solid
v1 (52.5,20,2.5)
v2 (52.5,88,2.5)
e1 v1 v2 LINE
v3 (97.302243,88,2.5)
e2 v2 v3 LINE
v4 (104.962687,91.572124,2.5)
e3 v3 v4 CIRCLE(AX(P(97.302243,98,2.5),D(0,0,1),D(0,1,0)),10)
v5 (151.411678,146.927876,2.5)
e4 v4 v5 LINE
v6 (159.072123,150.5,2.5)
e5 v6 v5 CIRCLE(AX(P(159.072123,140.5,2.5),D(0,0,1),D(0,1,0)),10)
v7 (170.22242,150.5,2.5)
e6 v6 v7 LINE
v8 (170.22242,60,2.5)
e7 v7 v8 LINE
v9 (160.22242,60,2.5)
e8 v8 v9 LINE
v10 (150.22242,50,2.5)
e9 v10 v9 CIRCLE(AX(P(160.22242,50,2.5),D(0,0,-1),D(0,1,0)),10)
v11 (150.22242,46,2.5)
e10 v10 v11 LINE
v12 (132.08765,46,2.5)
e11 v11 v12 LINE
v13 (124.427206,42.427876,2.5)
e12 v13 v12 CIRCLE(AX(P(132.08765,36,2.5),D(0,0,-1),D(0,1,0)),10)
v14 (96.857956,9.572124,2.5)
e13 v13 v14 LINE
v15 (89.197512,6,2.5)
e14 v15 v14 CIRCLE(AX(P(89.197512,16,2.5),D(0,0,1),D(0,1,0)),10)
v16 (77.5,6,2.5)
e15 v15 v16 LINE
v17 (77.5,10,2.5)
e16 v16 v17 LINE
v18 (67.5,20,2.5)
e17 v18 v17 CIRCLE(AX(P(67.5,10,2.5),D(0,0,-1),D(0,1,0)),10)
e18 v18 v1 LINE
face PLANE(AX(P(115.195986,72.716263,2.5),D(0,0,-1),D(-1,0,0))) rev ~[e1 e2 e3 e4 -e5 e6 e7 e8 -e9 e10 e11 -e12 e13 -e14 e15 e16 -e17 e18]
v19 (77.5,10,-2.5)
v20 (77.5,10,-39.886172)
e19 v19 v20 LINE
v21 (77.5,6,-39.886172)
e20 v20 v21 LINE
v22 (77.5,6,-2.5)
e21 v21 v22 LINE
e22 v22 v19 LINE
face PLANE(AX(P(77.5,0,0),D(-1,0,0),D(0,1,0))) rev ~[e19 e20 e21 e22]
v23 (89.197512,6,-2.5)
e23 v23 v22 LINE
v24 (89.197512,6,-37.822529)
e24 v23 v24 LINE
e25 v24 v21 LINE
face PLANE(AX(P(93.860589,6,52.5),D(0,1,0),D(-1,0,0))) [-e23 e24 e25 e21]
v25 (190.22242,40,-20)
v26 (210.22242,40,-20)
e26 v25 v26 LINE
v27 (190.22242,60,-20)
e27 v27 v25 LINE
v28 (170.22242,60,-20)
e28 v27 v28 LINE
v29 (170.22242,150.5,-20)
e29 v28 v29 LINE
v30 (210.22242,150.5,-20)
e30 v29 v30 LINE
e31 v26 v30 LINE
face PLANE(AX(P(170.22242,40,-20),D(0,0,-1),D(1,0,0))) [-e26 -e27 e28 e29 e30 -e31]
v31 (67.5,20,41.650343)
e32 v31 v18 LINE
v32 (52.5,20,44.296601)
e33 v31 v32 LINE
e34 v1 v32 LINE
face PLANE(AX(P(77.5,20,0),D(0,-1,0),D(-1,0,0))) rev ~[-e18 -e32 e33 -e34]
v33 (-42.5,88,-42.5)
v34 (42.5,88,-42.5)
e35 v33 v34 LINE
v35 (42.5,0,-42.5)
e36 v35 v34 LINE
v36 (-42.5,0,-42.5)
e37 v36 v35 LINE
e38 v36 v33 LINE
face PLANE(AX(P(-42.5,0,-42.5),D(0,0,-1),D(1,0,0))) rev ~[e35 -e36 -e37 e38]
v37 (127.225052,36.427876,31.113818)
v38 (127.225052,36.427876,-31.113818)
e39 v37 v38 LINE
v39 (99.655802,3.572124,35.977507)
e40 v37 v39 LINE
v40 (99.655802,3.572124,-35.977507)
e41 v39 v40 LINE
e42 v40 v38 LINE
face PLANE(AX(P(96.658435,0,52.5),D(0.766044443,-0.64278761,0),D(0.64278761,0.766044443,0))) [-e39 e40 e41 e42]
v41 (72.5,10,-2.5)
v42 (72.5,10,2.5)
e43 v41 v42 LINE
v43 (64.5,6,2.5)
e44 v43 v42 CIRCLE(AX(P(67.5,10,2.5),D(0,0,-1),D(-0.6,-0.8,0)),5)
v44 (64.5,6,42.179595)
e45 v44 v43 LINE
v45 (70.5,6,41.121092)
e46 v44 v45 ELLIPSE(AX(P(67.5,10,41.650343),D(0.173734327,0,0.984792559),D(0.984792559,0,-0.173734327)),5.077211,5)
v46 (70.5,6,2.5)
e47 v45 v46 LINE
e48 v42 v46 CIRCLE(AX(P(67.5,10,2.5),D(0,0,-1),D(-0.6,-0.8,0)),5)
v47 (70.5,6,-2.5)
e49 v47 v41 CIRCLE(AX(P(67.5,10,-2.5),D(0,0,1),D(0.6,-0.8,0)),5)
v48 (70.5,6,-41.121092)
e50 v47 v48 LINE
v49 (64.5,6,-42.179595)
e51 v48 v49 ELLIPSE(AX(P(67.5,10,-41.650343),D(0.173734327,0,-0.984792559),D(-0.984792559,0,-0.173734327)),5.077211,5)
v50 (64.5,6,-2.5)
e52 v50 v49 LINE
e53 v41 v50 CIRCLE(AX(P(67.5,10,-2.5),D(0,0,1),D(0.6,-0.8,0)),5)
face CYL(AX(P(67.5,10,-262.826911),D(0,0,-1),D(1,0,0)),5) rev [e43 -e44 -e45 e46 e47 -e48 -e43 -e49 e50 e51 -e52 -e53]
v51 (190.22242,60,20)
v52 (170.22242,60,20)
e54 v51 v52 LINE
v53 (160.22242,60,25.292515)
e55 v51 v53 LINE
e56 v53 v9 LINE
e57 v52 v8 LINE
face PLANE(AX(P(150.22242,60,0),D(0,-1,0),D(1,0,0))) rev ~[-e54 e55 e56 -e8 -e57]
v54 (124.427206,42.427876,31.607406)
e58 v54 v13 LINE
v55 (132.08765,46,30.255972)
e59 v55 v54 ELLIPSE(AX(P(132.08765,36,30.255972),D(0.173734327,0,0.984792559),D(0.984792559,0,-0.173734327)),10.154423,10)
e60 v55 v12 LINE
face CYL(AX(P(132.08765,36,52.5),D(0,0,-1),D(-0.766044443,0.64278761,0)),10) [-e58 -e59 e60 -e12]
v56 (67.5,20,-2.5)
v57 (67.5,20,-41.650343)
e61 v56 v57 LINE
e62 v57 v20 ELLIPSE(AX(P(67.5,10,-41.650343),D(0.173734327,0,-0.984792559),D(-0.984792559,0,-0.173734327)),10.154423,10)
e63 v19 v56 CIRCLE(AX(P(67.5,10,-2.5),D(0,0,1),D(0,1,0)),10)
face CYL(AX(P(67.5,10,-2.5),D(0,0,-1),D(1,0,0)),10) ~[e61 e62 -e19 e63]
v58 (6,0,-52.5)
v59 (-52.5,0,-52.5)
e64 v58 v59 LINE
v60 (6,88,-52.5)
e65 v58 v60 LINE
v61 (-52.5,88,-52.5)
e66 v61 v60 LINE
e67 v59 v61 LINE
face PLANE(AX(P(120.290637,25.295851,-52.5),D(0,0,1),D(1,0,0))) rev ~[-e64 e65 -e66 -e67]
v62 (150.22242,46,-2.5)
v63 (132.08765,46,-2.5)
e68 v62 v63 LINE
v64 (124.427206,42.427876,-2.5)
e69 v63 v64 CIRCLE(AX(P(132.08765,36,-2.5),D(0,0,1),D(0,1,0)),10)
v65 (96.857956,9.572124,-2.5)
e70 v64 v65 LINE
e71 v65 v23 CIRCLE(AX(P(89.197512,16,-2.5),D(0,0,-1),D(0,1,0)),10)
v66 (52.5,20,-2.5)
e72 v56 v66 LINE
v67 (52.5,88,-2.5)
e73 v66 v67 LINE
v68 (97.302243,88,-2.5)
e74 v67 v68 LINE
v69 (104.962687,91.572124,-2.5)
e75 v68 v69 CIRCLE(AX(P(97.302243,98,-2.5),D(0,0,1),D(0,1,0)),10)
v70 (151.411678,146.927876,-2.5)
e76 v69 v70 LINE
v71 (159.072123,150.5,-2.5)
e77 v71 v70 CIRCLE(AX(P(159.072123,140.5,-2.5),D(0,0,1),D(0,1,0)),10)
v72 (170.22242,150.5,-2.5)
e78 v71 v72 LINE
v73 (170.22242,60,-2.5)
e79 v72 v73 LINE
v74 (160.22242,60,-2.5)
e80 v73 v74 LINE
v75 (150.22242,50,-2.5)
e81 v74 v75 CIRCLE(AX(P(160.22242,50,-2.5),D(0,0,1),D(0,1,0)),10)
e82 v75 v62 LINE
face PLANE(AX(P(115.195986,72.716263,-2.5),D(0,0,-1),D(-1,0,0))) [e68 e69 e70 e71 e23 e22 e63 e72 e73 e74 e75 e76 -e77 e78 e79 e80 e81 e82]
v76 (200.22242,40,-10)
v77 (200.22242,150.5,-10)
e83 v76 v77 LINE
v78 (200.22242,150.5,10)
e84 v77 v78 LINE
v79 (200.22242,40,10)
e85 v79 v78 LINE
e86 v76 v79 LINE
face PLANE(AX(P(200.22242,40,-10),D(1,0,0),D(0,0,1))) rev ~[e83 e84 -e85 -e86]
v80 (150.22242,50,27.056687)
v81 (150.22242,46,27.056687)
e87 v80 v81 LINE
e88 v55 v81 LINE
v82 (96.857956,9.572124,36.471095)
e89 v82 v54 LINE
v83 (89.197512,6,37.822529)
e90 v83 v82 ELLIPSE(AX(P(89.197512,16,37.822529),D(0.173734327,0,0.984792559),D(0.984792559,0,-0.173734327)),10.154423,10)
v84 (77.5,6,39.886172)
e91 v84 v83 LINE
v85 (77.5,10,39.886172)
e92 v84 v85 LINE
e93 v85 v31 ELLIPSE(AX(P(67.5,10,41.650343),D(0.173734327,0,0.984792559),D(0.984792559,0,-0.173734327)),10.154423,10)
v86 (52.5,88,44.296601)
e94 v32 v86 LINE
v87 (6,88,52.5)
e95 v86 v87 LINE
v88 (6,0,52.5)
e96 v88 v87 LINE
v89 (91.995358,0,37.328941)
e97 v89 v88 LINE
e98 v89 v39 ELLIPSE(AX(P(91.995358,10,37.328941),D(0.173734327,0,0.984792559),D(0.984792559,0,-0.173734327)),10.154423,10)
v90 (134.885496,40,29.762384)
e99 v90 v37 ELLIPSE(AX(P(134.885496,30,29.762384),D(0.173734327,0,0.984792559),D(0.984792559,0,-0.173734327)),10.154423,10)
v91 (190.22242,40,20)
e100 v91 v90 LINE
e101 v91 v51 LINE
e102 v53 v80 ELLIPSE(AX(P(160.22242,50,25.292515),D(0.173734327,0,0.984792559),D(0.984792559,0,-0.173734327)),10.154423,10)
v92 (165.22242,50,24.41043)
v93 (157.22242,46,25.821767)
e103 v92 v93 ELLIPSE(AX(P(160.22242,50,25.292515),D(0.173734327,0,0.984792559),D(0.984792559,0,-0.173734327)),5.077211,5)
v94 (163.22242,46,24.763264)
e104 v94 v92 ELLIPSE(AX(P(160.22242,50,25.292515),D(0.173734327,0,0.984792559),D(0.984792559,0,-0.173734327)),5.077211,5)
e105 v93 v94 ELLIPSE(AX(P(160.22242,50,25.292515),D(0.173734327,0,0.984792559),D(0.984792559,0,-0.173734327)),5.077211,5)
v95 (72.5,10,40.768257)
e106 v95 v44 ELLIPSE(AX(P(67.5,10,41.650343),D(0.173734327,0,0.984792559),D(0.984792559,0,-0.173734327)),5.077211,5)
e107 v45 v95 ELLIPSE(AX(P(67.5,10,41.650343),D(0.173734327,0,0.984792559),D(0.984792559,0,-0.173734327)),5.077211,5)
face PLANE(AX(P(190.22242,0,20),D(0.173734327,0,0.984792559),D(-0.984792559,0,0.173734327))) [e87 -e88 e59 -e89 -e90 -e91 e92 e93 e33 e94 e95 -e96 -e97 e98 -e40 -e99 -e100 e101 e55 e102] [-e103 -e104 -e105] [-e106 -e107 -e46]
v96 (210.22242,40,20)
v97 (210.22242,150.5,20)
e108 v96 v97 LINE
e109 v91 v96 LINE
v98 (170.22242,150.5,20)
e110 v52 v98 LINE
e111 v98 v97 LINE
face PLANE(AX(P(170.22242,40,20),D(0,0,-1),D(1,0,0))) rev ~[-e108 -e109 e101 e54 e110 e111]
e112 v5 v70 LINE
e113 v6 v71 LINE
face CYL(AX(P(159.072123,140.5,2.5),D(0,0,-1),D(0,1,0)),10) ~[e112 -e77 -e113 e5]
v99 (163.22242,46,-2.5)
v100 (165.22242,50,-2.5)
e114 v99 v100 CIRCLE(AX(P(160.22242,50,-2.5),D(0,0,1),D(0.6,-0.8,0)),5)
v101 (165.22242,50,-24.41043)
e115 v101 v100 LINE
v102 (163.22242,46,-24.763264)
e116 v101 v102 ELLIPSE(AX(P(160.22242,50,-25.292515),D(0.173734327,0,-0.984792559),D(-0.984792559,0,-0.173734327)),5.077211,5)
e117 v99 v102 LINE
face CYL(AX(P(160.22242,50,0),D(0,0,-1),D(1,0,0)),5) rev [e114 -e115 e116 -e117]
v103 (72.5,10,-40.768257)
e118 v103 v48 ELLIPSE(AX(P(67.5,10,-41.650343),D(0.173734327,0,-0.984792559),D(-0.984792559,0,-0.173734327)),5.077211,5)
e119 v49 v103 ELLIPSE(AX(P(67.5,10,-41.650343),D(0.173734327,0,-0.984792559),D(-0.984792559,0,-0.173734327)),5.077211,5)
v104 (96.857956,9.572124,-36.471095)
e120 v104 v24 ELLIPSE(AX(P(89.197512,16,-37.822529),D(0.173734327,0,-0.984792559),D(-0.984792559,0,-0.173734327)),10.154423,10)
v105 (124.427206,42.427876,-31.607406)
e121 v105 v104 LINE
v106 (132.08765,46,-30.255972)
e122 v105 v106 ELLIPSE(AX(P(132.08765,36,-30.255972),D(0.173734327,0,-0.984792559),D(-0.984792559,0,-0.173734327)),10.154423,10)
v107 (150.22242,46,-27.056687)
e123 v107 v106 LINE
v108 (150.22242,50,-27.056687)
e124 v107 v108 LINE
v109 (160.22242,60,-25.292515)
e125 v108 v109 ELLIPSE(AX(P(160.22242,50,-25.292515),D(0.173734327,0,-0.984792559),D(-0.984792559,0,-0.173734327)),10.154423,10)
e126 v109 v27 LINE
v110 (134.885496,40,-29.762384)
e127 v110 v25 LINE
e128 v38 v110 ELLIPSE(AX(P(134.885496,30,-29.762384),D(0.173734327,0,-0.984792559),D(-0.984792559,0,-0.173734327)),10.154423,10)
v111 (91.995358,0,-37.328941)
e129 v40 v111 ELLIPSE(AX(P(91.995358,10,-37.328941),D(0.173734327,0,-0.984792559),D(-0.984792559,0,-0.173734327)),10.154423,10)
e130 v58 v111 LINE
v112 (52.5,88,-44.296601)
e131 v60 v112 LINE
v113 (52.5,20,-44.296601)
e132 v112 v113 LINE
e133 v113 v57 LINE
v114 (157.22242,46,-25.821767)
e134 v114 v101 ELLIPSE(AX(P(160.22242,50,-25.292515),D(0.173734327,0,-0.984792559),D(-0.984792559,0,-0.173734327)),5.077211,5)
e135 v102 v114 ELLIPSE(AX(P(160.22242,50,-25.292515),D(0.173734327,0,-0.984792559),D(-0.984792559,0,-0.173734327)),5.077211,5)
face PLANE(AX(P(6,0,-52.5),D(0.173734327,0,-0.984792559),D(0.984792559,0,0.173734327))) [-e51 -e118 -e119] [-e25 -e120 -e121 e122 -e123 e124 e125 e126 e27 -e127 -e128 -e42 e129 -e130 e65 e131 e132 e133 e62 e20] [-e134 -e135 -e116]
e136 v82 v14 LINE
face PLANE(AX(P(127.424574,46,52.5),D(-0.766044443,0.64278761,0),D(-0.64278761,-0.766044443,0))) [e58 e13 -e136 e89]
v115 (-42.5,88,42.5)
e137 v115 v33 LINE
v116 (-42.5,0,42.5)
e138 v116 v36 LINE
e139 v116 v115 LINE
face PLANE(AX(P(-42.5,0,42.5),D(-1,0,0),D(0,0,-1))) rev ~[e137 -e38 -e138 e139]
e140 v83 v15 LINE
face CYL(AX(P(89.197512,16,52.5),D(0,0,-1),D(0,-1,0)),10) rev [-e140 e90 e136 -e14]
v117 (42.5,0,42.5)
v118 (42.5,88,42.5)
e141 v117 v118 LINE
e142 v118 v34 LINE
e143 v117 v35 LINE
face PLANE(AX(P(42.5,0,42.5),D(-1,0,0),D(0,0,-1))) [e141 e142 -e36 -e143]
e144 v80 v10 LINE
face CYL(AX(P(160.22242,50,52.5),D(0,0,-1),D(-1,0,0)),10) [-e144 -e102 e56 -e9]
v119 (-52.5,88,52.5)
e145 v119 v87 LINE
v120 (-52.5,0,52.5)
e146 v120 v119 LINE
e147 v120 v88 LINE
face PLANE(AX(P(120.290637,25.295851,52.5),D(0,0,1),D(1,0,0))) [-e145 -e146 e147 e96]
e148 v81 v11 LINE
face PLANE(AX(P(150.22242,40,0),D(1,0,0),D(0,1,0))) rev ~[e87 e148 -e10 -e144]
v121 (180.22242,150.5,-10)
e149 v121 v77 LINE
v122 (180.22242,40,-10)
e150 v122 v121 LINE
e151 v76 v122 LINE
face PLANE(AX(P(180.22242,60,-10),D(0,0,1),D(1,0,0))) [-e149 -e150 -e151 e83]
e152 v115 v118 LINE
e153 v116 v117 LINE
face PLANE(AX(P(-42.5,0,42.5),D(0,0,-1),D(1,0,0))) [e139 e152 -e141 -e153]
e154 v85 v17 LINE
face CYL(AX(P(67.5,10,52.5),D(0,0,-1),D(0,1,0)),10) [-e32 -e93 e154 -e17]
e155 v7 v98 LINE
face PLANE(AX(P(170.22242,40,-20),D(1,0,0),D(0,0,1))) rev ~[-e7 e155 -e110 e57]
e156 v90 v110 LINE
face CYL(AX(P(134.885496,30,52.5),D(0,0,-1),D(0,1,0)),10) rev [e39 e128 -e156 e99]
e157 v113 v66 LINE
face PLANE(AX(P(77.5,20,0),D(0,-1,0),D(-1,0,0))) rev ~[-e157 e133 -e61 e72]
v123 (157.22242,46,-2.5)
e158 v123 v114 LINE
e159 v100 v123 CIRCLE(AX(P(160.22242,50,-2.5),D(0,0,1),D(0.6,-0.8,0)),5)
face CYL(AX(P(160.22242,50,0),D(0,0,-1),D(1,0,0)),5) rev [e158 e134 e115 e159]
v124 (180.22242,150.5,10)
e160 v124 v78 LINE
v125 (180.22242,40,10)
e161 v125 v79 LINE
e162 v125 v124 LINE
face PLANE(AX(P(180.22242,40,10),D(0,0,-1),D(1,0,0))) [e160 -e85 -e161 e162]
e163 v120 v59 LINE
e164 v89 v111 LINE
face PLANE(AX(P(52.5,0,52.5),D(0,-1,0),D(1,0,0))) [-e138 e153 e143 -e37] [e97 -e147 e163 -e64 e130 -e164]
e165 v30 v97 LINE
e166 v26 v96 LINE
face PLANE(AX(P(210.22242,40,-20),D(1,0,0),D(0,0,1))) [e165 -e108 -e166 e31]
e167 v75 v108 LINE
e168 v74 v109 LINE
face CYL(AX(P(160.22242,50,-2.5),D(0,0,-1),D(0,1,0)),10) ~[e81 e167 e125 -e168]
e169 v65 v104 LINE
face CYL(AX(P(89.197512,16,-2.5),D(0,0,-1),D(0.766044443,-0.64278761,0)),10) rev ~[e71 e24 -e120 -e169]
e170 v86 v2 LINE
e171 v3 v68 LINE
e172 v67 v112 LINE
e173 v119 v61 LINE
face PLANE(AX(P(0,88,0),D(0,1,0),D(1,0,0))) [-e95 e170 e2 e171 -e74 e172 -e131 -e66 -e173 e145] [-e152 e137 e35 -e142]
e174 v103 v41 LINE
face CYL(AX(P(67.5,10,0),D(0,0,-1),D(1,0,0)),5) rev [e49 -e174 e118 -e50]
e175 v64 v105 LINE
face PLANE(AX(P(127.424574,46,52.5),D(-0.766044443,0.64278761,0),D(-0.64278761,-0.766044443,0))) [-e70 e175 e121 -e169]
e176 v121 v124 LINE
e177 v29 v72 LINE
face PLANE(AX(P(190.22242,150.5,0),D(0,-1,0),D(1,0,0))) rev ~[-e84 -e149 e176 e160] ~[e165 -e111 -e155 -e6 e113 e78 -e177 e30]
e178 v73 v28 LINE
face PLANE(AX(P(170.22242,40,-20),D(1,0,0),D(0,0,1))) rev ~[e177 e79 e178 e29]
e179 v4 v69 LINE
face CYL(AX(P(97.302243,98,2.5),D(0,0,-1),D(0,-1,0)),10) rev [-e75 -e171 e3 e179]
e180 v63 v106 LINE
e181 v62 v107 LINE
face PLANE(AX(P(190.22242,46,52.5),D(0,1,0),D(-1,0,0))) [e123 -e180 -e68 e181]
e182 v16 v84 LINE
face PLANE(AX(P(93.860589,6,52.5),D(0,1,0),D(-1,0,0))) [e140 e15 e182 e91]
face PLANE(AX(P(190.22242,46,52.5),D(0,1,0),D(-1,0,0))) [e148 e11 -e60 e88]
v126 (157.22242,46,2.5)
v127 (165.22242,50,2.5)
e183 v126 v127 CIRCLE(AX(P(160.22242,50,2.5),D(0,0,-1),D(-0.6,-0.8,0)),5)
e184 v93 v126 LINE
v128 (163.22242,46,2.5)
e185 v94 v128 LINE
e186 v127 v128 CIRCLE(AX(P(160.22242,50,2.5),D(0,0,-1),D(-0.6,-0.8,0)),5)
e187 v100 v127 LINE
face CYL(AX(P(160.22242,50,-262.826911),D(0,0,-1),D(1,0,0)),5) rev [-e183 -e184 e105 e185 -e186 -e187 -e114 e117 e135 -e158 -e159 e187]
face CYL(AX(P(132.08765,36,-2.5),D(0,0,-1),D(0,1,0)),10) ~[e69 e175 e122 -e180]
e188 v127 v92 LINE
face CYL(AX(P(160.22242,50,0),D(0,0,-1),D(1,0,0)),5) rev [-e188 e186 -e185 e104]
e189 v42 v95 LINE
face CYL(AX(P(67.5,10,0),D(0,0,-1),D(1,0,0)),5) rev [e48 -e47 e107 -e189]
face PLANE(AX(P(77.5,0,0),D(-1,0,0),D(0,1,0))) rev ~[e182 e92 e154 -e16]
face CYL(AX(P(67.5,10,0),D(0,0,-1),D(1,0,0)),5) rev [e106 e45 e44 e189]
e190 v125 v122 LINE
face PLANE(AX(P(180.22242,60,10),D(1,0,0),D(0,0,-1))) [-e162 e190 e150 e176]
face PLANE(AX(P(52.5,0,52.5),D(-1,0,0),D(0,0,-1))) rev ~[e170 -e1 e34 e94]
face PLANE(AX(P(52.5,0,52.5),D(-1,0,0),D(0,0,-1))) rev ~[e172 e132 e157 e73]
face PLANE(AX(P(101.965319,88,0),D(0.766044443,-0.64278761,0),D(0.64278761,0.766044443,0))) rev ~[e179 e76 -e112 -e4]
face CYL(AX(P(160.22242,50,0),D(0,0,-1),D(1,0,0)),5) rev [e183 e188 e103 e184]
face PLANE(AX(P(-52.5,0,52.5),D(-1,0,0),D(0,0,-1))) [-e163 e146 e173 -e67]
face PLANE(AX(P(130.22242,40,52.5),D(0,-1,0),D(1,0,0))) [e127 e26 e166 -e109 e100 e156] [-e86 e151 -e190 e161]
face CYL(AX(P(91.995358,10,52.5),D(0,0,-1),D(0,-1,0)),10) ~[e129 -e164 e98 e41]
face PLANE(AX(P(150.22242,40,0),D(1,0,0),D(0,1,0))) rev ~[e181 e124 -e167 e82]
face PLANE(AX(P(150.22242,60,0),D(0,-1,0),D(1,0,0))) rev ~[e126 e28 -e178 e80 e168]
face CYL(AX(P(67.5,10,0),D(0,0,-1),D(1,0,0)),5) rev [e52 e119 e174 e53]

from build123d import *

# Parameters (mm, degrees)
ESQUISSE1_W                   = 105
ESQUISSE1_H                   = 105
ESQUISSE1_W_2                 = 85
ESQUISSE1_H_2                 = 85
BOSS_EXTRU_3_DEPTH            = 88
BOSS_EXTRU_4_DEPTH            = 105
ESQUISSE7_W                   = 40
ESQUISSE7_H                   = 40
ESQUISSE7_W_2                 = 20
ESQUISSE7_H_2                 = 20
BOSS_EXTRU_11_DEPTH           = 110.5
ENL_V_MAT_EXTRU_9_REACH       = 242.562
ESQUISSE13_W                  = 10
ESQUISSE13_H                  = 20
BOSS_EXTRU_12_DEPTH           = 2.5
ESQUISSE17_R                  = 5
ESQUISSE17_W                  = 40
ESQUISSE17_H                  = 20
BOSS_EXTRU_13_DEPTH           = 52.5
ENL_V_MAT_EXTRU_12_DEPTH      = 265.326910813
ENL_V_MAT_EXTRU_12_DEPTH_BACK = 265.326910813
ESQUISSE18_R                  = 5
ENL_V_MAT_EXTRU_13_REACH      = 236.819
ESQUISSE19_W                  = 10
ESQUISSE19_H                  = 20
CONG_1_R                      = 10
ENL_V_MAT_EXTRU_15_DEPTH      = 88


with BuildPart() as part:
    # Esquisse1 → Boss.-Extru.3 (new body)
    with BuildSketch(Plane(origin=(0, 0, 0), x_dir=(1, 0, 0), z_dir=(0, 1, 0))):
        Rectangle(ESQUISSE1_W, ESQUISSE1_H)
        Rectangle(ESQUISSE1_W_2, ESQUISSE1_H_2, mode=Mode.SUBTRACT)
    extrude(amount=BOSS_EXTRU_3_DEPTH)

    # Esquisse3 → Boss.-Extru.4 (add)
    with BuildSketch(Plane.XY.offset(52.5)):
        Polygon((52.5, 6), (52.5, 0), (96.658434537, 0), (130.222419784, 40), (190.222419784, 40), (190.222419784, 46), (127.424573836, 46), (93.860588588, 6), align=None)
    extrude(amount=-BOSS_EXTRU_4_DEPTH)

    # Esquisse7 → Boss.-Extru.11 (add)
    with BuildSketch(Plane.XZ.offset(-40)):
        with Locations((190.222419784, 0)):
            Rectangle(ESQUISSE7_W, ESQUISSE7_H)
        with Locations((190.222419784, 0)):
            Rectangle(ESQUISSE7_W_2, ESQUISSE7_H_2, mode=Mode.SUBTRACT)
    extrude(amount=-BOSS_EXTRU_11_DEPTH)

    # Esquisse13 → Enlèv. mat.-Extru.9 (cut, up to next)
    with BuildSketch(Plane(origin=(0, 46, 0), x_dir=(1, 0, 0), z_dir=(0, 1, 0)), mode=Mode.PRIVATE) as enl_v_mat_extru_9_sk1:
        with Locations((185.222419784, 0)):
            Rectangle(ESQUISSE13_W, ESQUISSE13_H)
    enl_v_mat_extru_9_tool1 = extrude(enl_v_mat_extru_9_sk1.sketch, amount=-ENL_V_MAT_EXTRU_9_REACH, mode=Mode.PRIVATE) & part.part
    add(enl_v_mat_extru_9_tool1.solids().sort_by_distance((185.22242, 46, 0))[0], mode=Mode.SUBTRACT)

    # Esquisse14 → Boss.-Extru.12 (add, symmetric)
    with BuildSketch(Plane.XY):
        Polygon((52.5, 88), (101.965319391, 88), (154.40904634, 150.5), (170.222419784, 150.5), (170.222419784, 46), (127.424573836, 46), (93.860588588, 6), (52.5, 6), align=None)
    extrude(amount=BOSS_EXTRU_12_DEPTH, both=True)

    # Esquisse17 → Boss.-Extru.13 (add, symmetric)
    # profile 1 of 2: a face of its own
    with BuildSketch(Plane.XY):
        Polygon((44, 20), (44, 0), (77.5, 0), (77.5, 6), (77.5, 20), align=None)
        with Locations((67.5, 10)):
            Circle(ESQUISSE17_R, mode=Mode.SUBTRACT)
    # profile 2 of 2: a face of its own
    with BuildSketch(Plane.XY):
        with Locations((170.222419784, 50)):
            Rectangle(ESQUISSE17_W, ESQUISSE17_H)
        with Locations((160.222419784, 50)):
            Circle(ESQUISSE17_R, mode=Mode.SUBTRACT)
    extrude(amount=BOSS_EXTRU_13_DEPTH, both=True)

    # Esquisse18 → Enlèv. mat.-Extru.12 (cut, two sides: drawn at the far end of the back side and taken through both)
    with BuildSketch(Plane.XY.offset(2.5).offset(-ENL_V_MAT_EXTRU_12_DEPTH_BACK)):
        with Locations((160.222419784, 50)):
            Circle(ESQUISSE18_R)
        with Locations((67.5, 10)):
            Circle(ESQUISSE18_R)
    extrude(amount=ENL_V_MAT_EXTRU_12_DEPTH + ENL_V_MAT_EXTRU_12_DEPTH_BACK, mode=Mode.SUBTRACT)

    # Esquisse19 → Enlèv. mat.-Extru.13 (cut, up to next)
    with BuildSketch(Plane(origin=(0, 60, 0), x_dir=(1, 0, 0), z_dir=(0, 1, 0)), mode=Mode.PRIVATE) as enl_v_mat_extru_13_sk1:
        with Locations((185.222419784, 0)):
            Rectangle(ESQUISSE19_W, ESQUISSE19_H)
    enl_v_mat_extru_13_tool1 = extrude(enl_v_mat_extru_13_sk1.sketch, amount=-ENL_V_MAT_EXTRU_13_REACH, mode=Mode.PRIVATE) & part.part
    add(enl_v_mat_extru_13_tool1.solids().sort_by_distance((185.22242, 60, 0))[0], mode=Mode.SUBTRACT)

    # Congé1
    cong_1_edges = [part.edges().sort_by_distance(p)[0] for p in [
        (93.860588588, 6, 27.5),
        (127.424573836, 46, 27.5),
        (154.40904634, 150.5, 0),
        (101.965319391, 88, 0),
        (77.5, 20, 27.5),
        (77.5, 20, -27.5),
        (150.222419784, 60, 27.5),
        (150.222419784, 60, -27.5),
        (127.424573836, 46, -27.5),
        (93.860588588, 6, -27.5),
        (96.658434537, 0, 0),
        (130.222419784, 40, 0),
    ]]
    fillet(cong_1_edges, radius=CONG_1_R)

    # Esquisse20 → Enlèv. mat.-Extru.15 (cut)
    with BuildSketch(Plane(origin=(0, 0, 0), x_dir=(1, 0, 0), z_dir=(0, 1, 0))):
        Polygon((6, 52.5), (190.222419784, 20), (210.222419784, 20), (210.222419784, 52.5), align=None)
        Polygon((210.222419784, -20), (190.222419784, -20), (6, -52.5), (210.222419784, -52.5), align=None)
    extrude(amount=ENL_V_MAT_EXTRU_15_DEPTH, mode=Mode.SUBTRACT)


solid = part.part
